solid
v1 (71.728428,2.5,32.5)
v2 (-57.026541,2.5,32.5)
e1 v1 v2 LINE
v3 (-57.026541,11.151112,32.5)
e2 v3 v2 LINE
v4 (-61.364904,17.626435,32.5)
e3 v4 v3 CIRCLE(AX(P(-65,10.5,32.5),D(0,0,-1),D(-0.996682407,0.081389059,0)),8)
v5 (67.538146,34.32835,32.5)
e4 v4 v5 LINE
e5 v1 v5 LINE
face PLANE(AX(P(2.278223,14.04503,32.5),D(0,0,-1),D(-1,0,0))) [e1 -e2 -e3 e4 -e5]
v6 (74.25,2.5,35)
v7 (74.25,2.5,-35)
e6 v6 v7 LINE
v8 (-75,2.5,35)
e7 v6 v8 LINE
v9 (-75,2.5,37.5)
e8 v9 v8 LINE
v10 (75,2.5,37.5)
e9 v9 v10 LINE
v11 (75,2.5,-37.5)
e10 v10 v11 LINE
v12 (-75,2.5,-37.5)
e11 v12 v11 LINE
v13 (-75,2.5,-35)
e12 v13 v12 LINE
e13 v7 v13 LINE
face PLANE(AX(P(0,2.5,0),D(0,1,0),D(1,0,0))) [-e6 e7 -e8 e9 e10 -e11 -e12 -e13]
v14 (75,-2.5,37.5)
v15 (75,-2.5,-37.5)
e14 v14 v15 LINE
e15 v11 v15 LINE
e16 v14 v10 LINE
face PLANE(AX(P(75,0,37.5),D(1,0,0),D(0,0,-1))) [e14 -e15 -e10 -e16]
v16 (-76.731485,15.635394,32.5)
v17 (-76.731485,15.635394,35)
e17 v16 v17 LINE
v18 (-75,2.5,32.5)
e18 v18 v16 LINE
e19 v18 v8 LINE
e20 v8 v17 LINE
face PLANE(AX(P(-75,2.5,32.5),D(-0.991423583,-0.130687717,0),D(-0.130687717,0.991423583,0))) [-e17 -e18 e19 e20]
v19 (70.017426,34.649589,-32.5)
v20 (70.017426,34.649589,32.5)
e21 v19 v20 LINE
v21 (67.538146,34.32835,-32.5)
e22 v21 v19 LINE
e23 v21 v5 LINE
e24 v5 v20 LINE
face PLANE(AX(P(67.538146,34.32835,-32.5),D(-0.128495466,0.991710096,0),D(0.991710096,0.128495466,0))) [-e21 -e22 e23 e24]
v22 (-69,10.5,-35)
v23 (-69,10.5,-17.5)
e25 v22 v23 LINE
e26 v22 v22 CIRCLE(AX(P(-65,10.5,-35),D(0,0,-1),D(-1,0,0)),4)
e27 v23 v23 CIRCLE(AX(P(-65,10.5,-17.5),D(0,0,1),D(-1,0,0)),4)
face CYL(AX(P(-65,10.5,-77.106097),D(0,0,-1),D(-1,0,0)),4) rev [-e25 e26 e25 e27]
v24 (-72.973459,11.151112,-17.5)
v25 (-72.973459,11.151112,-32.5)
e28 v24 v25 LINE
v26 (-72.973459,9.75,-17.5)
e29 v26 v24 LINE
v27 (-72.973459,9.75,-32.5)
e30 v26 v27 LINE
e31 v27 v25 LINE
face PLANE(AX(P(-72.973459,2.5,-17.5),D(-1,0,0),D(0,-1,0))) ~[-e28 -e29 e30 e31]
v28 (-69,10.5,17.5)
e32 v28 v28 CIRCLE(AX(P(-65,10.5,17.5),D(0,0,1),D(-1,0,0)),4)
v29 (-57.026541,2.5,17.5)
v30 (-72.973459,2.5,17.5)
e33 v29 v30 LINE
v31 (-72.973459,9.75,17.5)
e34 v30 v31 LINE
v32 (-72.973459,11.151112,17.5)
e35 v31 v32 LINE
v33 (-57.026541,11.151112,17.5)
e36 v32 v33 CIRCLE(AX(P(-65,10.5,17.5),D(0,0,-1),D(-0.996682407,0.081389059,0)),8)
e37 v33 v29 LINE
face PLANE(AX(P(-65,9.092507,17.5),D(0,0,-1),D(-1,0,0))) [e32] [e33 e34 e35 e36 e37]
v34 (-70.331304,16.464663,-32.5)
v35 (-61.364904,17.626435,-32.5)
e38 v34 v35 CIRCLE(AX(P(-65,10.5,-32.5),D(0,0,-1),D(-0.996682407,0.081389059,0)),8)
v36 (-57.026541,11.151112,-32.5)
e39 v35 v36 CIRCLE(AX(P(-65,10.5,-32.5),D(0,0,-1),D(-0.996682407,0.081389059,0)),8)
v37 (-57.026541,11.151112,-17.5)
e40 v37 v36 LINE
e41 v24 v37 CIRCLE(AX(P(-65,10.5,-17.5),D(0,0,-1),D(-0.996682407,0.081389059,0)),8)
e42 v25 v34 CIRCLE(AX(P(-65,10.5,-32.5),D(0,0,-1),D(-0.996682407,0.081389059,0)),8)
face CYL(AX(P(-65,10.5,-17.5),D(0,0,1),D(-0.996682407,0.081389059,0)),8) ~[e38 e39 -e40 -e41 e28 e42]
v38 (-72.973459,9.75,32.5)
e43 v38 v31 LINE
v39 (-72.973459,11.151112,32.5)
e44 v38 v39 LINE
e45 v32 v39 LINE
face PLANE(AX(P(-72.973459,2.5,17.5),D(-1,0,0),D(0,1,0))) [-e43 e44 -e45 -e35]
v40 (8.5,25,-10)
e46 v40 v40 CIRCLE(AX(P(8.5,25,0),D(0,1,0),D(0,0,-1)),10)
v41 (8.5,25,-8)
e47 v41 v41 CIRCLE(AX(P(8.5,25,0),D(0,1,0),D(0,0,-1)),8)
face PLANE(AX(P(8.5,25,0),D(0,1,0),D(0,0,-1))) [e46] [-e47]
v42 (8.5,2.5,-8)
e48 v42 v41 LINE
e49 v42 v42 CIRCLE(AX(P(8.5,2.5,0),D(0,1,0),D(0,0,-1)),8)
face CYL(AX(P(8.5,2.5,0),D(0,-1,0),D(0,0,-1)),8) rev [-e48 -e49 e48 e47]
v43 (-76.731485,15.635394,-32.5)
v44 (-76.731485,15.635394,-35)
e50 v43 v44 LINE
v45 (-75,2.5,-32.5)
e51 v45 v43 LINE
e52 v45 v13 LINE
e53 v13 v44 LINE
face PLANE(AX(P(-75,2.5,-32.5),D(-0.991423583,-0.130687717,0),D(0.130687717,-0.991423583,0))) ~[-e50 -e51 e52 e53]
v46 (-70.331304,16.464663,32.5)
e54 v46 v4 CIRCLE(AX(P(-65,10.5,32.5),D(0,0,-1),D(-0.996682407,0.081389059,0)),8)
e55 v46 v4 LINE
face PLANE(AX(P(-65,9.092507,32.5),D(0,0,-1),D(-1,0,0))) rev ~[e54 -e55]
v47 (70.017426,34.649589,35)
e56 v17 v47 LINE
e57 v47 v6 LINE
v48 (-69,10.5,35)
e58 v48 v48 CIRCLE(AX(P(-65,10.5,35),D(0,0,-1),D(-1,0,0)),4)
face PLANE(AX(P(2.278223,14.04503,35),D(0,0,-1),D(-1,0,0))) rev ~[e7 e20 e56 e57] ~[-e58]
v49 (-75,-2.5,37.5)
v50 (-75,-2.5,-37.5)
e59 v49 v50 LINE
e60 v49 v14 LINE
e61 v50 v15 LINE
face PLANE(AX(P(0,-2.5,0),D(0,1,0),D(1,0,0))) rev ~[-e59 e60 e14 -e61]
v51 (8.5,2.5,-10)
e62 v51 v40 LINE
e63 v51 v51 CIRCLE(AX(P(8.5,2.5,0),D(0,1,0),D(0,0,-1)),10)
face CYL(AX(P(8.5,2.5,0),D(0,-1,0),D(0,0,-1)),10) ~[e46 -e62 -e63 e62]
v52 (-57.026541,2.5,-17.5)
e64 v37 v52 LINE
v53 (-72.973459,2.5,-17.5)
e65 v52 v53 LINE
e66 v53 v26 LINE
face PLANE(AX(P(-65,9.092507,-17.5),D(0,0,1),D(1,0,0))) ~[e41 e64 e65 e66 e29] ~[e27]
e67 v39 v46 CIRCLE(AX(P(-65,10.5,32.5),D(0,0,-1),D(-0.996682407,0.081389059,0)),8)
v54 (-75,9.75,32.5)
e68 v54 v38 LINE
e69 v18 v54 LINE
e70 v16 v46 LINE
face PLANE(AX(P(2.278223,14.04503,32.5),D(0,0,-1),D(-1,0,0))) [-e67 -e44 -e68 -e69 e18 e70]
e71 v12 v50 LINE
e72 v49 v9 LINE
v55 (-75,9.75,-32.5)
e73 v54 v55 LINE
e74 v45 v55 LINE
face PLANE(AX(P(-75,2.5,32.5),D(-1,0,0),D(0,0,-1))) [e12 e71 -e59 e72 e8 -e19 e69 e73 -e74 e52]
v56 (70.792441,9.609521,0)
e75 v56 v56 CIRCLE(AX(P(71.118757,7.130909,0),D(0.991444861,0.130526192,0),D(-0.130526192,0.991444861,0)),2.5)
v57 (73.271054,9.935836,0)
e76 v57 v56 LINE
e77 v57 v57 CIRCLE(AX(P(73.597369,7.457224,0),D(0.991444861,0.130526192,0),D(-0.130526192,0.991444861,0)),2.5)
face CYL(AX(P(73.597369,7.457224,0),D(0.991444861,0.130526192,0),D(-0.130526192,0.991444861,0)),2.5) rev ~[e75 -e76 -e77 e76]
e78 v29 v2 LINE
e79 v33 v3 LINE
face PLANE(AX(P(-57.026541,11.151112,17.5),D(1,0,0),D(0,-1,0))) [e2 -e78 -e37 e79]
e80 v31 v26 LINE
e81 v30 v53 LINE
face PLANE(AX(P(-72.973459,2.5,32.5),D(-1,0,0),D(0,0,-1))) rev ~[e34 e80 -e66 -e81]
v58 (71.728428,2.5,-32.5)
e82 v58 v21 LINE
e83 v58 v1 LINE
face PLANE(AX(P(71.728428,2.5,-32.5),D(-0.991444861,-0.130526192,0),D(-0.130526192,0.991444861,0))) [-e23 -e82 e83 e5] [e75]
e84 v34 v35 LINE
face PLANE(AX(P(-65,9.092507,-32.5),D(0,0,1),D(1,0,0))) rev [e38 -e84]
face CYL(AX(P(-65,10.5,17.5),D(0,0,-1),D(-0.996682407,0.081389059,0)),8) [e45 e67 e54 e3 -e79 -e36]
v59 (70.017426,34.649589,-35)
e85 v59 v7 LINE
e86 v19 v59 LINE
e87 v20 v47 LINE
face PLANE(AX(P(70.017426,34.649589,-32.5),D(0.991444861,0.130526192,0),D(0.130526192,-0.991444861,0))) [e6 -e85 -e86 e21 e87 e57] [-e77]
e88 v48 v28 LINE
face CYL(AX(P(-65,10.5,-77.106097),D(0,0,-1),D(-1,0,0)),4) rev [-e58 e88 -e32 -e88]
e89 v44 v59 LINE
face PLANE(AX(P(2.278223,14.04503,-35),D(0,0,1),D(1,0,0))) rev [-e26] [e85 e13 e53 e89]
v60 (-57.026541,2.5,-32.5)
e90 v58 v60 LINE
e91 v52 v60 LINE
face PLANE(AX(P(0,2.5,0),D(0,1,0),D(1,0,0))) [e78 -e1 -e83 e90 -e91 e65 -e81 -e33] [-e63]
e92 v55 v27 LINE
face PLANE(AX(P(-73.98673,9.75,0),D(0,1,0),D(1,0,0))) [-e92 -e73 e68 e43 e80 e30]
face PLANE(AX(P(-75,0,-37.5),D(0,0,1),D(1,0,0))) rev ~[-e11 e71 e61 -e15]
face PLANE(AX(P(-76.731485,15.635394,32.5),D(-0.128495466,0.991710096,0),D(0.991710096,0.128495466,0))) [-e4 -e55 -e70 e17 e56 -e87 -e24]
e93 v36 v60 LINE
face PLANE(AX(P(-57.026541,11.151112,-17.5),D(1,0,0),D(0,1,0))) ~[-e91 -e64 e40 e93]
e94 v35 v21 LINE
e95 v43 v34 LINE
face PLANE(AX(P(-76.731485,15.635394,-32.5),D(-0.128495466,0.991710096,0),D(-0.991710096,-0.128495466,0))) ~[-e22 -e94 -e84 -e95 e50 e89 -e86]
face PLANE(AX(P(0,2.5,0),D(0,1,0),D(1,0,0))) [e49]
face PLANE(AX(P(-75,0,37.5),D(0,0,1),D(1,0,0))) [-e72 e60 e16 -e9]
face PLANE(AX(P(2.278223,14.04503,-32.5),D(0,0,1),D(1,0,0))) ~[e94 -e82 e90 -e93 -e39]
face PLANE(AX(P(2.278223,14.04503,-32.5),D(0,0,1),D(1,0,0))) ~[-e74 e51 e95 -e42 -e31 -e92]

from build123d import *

# Parameters (mm, degrees)
SKETCH1_W               = 150
SKETCH1_H               = 75
BOSS_EXTRUDE1_DEPTH     = 2.5
BOSS_EXTRUDE5_START     = 32.5
BOSS_EXTRUDE5_DEPTH     = 2.5
BOSS_EXTRUDE2_START     = 17.5
SKETCH3_R               = 4
BOSS_EXTRUDE2_DEPTH     = 15
SKETCH2_R               = 10
SKETCH2_R_2             = 8
BOSS_EXTRUDE3_DEPTH     = 22.5
SKETCH5_W               = 2.026540741
SKETCH5_H               = 65
BOSS_EXTRUDE4_DEPTH     = 7.25
BOSS_EXTRUDE6_DEPTH     = 65
CUT_EXTRUDE1_DEPTH      = 112.106096906
CUT_EXTRUDE1_DEPTH_BACK = 112.106096906
SKETCH9_R               = 4
SKETCH13_R              = 2.5
CUT_EXTRUDE4_DEPTH      = 5


with BuildPart() as part:
    # Sketch1 → Boss-Extrude1 (new, symmetric)
    with BuildSketch(Plane(origin=(0, 0, 0), x_dir=(1, 0, 0), z_dir=(0, 1, 0))):
        Rectangle(SKETCH1_W, SKETCH1_H)
    extrude(amount=BOSS_EXTRUDE1_DEPTH, both=True)

    # Sketch7 → Boss-Extrude5 (add)
    with BuildSketch(Plane.XY.offset(BOSS_EXTRUDE5_START)):
        Polygon((70.01742626, 34.649589392), (74.25, 2.5), (-75, 2.5), (-76.731484571, 15.635393826), align=None)
    boss_extrude5 = extrude(amount=BOSS_EXTRUDE5_DEPTH)

    # Sketch3 → Boss-Extrude2 (add)
    with BuildSketch(Plane.XY.offset(BOSS_EXTRUDE2_START)):
        with BuildLine():
            Line((-72.973459259, 2.5), (-72.973459259, 11.15111247))
            ThreePointArc((-72.973459259, 11.15111247), (-65, 18.5), (-57.026540741, 11.15111247))
            Line((-57.026540741, 11.15111247), (-57.026540741, 2.5))
            Line((-57.026540741, 2.5), (-72.973459259, 2.5))
        make_face()
        with Locations(Location((-65, 10.5, 0), (0, 0, 180))):
            Circle(SKETCH3_R, mode=Mode.SUBTRACT)
    boss_extrude2 = extrude(amount=BOSS_EXTRUDE2_DEPTH)

    # Mirror1: Boss-Extrude5, Boss-Extrude2 across plane
    add(boss_extrude5.mirror(Plane.XY))
    add(boss_extrude2.mirror(Plane.XY))

    # Sketch2 → Boss-Extrude3 (add)
    with BuildSketch(Plane(origin=(0, 2.5, 0), x_dir=(1, 0, 0), z_dir=(0, 1, 0))):
        with Locations(Location((8.5, 0, 0), (0, 0, 90))):
            Circle(SKETCH2_R)
        with Locations(Location((8.5, 0, 0), (0, 0, 90))):
            Circle(SKETCH2_R_2, mode=Mode.SUBTRACT)
    extrude(amount=BOSS_EXTRUDE3_DEPTH)

    # Sketch5 → Boss-Extrude4 (add)
    with BuildSketch(Plane(origin=(0, 2.5, 0), x_dir=(1, 0, 0), z_dir=(0, 1, 0))):
        with Locations((-73.98672963, 0)):
            Rectangle(SKETCH5_W, SKETCH5_H)
    extrude(amount=BOSS_EXTRUDE4_DEPTH)

    # Sketch8 → Boss-Extrude6 (add)
    with BuildSketch(Plane.XY.offset(-32.5)):
        Polygon((70.01742626, 34.649589392), (74.25, 2.5), (71.728427599, 2.5), (67.53814582, 34.328350053), align=None)
    extrude(amount=BOSS_EXTRUDE6_DEPTH)

    # Sketch9 → Cut-Extrude1 (cut, two sides: drawn at the far end of the back side and taken through both)
    with BuildSketch(Plane.XY.offset(35).offset(-CUT_EXTRUDE1_DEPTH_BACK)):
        with Locations(Location((-65, 10.5, 0), (0, 0, 180))):
            Circle(SKETCH9_R)
    extrude(amount=CUT_EXTRUDE1_DEPTH + CUT_EXTRUDE1_DEPTH_BACK, mode=Mode.SUBTRACT)

    # Sketch13 → Cut-Extrude4 (cut)
    with BuildSketch(Plane(origin=(73.308520107, 9.651249767, 0), x_dir=(0, 0, -1), z_dir=(0.9914448613738098, 0.13052619222005604, 0))):
        with Locations(Location((0, -2.212957619, 0), (0, 0, 90))):
            Circle(SKETCH13_R)
    extrude(amount=-CUT_EXTRUDE4_DEPTH, mode=Mode.SUBTRACT)


solid = part.part
